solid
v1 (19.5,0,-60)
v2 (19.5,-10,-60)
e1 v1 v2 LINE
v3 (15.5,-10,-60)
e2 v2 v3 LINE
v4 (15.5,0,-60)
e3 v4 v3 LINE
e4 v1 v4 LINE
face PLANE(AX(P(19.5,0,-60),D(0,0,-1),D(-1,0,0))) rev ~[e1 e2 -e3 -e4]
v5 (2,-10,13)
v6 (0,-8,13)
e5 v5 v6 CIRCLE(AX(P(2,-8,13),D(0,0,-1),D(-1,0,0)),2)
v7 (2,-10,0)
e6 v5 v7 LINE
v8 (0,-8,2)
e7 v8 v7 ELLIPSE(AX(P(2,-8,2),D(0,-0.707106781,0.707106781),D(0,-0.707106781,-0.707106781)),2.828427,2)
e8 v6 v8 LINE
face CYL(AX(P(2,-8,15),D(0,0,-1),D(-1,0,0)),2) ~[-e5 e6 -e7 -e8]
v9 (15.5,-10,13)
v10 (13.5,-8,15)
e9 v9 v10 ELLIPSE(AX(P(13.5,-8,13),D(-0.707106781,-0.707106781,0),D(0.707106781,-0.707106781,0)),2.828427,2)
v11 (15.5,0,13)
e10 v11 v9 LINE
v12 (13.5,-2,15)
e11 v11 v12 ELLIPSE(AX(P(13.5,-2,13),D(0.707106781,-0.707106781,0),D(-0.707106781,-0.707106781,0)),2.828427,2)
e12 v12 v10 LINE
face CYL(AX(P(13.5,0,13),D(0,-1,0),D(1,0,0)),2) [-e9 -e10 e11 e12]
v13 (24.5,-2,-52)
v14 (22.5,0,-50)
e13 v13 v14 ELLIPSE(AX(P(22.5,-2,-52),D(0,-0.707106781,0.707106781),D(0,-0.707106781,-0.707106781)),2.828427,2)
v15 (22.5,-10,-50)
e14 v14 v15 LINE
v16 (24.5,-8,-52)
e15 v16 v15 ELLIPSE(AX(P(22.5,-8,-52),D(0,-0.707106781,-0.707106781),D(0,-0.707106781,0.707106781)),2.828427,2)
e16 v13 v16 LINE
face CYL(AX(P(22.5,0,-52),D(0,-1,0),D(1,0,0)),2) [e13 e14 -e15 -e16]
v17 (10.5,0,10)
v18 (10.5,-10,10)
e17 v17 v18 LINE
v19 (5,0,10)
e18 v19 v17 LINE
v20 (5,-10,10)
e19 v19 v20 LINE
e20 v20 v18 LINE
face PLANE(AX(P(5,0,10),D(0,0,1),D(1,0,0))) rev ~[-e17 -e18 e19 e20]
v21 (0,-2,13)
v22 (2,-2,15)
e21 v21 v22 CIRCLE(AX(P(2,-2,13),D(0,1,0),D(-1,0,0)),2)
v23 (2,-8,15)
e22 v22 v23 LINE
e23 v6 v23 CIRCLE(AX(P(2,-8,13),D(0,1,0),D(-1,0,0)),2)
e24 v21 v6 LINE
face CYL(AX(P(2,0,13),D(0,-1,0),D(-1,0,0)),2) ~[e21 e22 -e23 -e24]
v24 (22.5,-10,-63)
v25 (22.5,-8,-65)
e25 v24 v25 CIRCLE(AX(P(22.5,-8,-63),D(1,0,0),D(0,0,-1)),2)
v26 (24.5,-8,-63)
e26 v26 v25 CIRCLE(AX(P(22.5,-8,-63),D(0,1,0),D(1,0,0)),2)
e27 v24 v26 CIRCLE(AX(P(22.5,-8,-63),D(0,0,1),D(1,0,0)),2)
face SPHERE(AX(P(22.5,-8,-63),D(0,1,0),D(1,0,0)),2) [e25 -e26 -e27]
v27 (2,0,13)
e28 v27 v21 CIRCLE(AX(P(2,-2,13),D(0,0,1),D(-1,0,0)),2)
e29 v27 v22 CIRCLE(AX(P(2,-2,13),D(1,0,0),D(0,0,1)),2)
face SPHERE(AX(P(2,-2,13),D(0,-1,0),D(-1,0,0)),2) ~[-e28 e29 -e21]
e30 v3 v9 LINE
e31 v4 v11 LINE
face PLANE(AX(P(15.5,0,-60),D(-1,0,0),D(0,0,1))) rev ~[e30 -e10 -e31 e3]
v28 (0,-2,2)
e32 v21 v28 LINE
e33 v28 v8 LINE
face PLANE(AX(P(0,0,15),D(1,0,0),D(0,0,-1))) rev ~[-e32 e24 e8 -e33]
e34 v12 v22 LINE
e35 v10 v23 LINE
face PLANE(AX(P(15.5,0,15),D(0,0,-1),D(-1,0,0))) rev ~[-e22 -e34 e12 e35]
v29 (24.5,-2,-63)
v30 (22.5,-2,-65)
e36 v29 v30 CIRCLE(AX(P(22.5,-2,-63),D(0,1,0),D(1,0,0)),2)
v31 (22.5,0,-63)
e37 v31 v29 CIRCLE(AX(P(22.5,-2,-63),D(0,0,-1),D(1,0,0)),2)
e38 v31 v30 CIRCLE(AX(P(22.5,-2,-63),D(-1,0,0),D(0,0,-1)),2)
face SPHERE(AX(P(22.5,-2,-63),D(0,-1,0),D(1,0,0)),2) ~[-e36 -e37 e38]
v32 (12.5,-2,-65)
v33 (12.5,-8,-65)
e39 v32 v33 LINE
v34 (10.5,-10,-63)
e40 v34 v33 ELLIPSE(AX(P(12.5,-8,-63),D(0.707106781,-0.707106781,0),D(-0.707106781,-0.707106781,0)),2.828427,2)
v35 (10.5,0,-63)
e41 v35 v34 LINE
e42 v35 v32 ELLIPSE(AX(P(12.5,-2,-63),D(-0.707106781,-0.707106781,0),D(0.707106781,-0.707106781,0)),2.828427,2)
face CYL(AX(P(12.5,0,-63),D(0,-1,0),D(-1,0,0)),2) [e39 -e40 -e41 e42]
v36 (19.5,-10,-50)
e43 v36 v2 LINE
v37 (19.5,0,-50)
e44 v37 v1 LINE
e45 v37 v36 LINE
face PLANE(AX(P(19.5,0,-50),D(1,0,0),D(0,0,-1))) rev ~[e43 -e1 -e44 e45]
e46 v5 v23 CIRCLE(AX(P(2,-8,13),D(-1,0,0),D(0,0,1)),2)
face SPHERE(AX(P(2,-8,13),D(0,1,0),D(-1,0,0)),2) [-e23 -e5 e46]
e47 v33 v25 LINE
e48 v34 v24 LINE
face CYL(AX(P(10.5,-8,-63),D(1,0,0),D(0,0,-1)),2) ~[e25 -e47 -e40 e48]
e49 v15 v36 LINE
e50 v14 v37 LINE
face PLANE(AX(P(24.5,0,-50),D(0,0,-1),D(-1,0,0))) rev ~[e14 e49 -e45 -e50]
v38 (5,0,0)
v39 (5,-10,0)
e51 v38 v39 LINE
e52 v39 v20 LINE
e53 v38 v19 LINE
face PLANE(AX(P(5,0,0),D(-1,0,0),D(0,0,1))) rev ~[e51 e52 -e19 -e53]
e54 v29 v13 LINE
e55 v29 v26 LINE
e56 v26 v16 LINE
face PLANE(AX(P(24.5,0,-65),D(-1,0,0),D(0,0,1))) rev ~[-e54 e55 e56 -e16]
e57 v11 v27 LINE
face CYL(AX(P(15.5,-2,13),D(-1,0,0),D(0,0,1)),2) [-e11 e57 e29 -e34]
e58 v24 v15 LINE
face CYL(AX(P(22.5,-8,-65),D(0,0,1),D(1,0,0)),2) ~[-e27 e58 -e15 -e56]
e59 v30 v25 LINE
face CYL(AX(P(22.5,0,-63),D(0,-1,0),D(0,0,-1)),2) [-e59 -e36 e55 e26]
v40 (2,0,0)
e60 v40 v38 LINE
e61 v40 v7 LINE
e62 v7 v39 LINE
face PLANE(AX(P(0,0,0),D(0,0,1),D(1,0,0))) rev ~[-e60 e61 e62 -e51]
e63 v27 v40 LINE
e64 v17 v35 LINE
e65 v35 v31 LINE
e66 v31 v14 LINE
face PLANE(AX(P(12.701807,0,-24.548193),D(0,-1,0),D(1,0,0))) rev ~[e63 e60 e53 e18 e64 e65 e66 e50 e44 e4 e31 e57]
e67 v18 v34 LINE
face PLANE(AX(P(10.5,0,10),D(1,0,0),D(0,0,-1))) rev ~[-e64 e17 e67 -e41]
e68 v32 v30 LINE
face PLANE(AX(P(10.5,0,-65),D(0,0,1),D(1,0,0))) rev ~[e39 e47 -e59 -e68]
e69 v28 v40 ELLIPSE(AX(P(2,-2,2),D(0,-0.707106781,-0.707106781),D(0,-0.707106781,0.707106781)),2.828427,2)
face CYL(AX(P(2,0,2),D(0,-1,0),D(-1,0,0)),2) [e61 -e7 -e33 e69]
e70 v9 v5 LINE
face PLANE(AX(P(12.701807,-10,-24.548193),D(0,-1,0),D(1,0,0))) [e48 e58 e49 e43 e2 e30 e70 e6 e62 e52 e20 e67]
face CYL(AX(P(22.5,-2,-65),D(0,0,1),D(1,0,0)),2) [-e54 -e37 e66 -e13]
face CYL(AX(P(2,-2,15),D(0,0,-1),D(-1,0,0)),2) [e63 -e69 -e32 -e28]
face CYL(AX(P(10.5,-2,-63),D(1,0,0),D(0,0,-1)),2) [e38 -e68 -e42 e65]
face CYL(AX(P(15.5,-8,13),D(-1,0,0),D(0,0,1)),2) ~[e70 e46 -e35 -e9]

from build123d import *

# Parameters (mm, degrees)
F1_DEPTH = 10
F2_R     = 2


with BuildPart() as f1:
    # F0 (on Front) → F1 (new body)
    with BuildSketch(Plane.XZ):
        Polygon((0, 15), (0, 0), (5, 0), (5, 10), (10.5, 10), (10.5, -65), (24.5, -65), (24.5, -50), (19.5, -50), (19.5, -60), (15.5, -60), (15.5, 15), align=None)
    extrude(amount=F1_DEPTH)

    # F2
    f2_edges = [f1.edges().sort_by_distance(p)[0] for p in [
        (0, -5, 15),
        (15.5, -5, 15),
        (10.5, -5, -65),
        (24.5, -5, -50),
        (24.5, -5, -65),
        (0, -5, 0),
        (0, -10, 7.5),
        (0, 0, 7.5),
        (24.5, 0, -57.5),
        (24.5, -10, -57.5),
        (17.5, -10, -65),
        (17.5, 0, -65),
        (7.75, -10, 15),
        (7.75, 0, 15),
    ]]
    fillet(f2_edges, radius=F2_R)


solid = f1.part
